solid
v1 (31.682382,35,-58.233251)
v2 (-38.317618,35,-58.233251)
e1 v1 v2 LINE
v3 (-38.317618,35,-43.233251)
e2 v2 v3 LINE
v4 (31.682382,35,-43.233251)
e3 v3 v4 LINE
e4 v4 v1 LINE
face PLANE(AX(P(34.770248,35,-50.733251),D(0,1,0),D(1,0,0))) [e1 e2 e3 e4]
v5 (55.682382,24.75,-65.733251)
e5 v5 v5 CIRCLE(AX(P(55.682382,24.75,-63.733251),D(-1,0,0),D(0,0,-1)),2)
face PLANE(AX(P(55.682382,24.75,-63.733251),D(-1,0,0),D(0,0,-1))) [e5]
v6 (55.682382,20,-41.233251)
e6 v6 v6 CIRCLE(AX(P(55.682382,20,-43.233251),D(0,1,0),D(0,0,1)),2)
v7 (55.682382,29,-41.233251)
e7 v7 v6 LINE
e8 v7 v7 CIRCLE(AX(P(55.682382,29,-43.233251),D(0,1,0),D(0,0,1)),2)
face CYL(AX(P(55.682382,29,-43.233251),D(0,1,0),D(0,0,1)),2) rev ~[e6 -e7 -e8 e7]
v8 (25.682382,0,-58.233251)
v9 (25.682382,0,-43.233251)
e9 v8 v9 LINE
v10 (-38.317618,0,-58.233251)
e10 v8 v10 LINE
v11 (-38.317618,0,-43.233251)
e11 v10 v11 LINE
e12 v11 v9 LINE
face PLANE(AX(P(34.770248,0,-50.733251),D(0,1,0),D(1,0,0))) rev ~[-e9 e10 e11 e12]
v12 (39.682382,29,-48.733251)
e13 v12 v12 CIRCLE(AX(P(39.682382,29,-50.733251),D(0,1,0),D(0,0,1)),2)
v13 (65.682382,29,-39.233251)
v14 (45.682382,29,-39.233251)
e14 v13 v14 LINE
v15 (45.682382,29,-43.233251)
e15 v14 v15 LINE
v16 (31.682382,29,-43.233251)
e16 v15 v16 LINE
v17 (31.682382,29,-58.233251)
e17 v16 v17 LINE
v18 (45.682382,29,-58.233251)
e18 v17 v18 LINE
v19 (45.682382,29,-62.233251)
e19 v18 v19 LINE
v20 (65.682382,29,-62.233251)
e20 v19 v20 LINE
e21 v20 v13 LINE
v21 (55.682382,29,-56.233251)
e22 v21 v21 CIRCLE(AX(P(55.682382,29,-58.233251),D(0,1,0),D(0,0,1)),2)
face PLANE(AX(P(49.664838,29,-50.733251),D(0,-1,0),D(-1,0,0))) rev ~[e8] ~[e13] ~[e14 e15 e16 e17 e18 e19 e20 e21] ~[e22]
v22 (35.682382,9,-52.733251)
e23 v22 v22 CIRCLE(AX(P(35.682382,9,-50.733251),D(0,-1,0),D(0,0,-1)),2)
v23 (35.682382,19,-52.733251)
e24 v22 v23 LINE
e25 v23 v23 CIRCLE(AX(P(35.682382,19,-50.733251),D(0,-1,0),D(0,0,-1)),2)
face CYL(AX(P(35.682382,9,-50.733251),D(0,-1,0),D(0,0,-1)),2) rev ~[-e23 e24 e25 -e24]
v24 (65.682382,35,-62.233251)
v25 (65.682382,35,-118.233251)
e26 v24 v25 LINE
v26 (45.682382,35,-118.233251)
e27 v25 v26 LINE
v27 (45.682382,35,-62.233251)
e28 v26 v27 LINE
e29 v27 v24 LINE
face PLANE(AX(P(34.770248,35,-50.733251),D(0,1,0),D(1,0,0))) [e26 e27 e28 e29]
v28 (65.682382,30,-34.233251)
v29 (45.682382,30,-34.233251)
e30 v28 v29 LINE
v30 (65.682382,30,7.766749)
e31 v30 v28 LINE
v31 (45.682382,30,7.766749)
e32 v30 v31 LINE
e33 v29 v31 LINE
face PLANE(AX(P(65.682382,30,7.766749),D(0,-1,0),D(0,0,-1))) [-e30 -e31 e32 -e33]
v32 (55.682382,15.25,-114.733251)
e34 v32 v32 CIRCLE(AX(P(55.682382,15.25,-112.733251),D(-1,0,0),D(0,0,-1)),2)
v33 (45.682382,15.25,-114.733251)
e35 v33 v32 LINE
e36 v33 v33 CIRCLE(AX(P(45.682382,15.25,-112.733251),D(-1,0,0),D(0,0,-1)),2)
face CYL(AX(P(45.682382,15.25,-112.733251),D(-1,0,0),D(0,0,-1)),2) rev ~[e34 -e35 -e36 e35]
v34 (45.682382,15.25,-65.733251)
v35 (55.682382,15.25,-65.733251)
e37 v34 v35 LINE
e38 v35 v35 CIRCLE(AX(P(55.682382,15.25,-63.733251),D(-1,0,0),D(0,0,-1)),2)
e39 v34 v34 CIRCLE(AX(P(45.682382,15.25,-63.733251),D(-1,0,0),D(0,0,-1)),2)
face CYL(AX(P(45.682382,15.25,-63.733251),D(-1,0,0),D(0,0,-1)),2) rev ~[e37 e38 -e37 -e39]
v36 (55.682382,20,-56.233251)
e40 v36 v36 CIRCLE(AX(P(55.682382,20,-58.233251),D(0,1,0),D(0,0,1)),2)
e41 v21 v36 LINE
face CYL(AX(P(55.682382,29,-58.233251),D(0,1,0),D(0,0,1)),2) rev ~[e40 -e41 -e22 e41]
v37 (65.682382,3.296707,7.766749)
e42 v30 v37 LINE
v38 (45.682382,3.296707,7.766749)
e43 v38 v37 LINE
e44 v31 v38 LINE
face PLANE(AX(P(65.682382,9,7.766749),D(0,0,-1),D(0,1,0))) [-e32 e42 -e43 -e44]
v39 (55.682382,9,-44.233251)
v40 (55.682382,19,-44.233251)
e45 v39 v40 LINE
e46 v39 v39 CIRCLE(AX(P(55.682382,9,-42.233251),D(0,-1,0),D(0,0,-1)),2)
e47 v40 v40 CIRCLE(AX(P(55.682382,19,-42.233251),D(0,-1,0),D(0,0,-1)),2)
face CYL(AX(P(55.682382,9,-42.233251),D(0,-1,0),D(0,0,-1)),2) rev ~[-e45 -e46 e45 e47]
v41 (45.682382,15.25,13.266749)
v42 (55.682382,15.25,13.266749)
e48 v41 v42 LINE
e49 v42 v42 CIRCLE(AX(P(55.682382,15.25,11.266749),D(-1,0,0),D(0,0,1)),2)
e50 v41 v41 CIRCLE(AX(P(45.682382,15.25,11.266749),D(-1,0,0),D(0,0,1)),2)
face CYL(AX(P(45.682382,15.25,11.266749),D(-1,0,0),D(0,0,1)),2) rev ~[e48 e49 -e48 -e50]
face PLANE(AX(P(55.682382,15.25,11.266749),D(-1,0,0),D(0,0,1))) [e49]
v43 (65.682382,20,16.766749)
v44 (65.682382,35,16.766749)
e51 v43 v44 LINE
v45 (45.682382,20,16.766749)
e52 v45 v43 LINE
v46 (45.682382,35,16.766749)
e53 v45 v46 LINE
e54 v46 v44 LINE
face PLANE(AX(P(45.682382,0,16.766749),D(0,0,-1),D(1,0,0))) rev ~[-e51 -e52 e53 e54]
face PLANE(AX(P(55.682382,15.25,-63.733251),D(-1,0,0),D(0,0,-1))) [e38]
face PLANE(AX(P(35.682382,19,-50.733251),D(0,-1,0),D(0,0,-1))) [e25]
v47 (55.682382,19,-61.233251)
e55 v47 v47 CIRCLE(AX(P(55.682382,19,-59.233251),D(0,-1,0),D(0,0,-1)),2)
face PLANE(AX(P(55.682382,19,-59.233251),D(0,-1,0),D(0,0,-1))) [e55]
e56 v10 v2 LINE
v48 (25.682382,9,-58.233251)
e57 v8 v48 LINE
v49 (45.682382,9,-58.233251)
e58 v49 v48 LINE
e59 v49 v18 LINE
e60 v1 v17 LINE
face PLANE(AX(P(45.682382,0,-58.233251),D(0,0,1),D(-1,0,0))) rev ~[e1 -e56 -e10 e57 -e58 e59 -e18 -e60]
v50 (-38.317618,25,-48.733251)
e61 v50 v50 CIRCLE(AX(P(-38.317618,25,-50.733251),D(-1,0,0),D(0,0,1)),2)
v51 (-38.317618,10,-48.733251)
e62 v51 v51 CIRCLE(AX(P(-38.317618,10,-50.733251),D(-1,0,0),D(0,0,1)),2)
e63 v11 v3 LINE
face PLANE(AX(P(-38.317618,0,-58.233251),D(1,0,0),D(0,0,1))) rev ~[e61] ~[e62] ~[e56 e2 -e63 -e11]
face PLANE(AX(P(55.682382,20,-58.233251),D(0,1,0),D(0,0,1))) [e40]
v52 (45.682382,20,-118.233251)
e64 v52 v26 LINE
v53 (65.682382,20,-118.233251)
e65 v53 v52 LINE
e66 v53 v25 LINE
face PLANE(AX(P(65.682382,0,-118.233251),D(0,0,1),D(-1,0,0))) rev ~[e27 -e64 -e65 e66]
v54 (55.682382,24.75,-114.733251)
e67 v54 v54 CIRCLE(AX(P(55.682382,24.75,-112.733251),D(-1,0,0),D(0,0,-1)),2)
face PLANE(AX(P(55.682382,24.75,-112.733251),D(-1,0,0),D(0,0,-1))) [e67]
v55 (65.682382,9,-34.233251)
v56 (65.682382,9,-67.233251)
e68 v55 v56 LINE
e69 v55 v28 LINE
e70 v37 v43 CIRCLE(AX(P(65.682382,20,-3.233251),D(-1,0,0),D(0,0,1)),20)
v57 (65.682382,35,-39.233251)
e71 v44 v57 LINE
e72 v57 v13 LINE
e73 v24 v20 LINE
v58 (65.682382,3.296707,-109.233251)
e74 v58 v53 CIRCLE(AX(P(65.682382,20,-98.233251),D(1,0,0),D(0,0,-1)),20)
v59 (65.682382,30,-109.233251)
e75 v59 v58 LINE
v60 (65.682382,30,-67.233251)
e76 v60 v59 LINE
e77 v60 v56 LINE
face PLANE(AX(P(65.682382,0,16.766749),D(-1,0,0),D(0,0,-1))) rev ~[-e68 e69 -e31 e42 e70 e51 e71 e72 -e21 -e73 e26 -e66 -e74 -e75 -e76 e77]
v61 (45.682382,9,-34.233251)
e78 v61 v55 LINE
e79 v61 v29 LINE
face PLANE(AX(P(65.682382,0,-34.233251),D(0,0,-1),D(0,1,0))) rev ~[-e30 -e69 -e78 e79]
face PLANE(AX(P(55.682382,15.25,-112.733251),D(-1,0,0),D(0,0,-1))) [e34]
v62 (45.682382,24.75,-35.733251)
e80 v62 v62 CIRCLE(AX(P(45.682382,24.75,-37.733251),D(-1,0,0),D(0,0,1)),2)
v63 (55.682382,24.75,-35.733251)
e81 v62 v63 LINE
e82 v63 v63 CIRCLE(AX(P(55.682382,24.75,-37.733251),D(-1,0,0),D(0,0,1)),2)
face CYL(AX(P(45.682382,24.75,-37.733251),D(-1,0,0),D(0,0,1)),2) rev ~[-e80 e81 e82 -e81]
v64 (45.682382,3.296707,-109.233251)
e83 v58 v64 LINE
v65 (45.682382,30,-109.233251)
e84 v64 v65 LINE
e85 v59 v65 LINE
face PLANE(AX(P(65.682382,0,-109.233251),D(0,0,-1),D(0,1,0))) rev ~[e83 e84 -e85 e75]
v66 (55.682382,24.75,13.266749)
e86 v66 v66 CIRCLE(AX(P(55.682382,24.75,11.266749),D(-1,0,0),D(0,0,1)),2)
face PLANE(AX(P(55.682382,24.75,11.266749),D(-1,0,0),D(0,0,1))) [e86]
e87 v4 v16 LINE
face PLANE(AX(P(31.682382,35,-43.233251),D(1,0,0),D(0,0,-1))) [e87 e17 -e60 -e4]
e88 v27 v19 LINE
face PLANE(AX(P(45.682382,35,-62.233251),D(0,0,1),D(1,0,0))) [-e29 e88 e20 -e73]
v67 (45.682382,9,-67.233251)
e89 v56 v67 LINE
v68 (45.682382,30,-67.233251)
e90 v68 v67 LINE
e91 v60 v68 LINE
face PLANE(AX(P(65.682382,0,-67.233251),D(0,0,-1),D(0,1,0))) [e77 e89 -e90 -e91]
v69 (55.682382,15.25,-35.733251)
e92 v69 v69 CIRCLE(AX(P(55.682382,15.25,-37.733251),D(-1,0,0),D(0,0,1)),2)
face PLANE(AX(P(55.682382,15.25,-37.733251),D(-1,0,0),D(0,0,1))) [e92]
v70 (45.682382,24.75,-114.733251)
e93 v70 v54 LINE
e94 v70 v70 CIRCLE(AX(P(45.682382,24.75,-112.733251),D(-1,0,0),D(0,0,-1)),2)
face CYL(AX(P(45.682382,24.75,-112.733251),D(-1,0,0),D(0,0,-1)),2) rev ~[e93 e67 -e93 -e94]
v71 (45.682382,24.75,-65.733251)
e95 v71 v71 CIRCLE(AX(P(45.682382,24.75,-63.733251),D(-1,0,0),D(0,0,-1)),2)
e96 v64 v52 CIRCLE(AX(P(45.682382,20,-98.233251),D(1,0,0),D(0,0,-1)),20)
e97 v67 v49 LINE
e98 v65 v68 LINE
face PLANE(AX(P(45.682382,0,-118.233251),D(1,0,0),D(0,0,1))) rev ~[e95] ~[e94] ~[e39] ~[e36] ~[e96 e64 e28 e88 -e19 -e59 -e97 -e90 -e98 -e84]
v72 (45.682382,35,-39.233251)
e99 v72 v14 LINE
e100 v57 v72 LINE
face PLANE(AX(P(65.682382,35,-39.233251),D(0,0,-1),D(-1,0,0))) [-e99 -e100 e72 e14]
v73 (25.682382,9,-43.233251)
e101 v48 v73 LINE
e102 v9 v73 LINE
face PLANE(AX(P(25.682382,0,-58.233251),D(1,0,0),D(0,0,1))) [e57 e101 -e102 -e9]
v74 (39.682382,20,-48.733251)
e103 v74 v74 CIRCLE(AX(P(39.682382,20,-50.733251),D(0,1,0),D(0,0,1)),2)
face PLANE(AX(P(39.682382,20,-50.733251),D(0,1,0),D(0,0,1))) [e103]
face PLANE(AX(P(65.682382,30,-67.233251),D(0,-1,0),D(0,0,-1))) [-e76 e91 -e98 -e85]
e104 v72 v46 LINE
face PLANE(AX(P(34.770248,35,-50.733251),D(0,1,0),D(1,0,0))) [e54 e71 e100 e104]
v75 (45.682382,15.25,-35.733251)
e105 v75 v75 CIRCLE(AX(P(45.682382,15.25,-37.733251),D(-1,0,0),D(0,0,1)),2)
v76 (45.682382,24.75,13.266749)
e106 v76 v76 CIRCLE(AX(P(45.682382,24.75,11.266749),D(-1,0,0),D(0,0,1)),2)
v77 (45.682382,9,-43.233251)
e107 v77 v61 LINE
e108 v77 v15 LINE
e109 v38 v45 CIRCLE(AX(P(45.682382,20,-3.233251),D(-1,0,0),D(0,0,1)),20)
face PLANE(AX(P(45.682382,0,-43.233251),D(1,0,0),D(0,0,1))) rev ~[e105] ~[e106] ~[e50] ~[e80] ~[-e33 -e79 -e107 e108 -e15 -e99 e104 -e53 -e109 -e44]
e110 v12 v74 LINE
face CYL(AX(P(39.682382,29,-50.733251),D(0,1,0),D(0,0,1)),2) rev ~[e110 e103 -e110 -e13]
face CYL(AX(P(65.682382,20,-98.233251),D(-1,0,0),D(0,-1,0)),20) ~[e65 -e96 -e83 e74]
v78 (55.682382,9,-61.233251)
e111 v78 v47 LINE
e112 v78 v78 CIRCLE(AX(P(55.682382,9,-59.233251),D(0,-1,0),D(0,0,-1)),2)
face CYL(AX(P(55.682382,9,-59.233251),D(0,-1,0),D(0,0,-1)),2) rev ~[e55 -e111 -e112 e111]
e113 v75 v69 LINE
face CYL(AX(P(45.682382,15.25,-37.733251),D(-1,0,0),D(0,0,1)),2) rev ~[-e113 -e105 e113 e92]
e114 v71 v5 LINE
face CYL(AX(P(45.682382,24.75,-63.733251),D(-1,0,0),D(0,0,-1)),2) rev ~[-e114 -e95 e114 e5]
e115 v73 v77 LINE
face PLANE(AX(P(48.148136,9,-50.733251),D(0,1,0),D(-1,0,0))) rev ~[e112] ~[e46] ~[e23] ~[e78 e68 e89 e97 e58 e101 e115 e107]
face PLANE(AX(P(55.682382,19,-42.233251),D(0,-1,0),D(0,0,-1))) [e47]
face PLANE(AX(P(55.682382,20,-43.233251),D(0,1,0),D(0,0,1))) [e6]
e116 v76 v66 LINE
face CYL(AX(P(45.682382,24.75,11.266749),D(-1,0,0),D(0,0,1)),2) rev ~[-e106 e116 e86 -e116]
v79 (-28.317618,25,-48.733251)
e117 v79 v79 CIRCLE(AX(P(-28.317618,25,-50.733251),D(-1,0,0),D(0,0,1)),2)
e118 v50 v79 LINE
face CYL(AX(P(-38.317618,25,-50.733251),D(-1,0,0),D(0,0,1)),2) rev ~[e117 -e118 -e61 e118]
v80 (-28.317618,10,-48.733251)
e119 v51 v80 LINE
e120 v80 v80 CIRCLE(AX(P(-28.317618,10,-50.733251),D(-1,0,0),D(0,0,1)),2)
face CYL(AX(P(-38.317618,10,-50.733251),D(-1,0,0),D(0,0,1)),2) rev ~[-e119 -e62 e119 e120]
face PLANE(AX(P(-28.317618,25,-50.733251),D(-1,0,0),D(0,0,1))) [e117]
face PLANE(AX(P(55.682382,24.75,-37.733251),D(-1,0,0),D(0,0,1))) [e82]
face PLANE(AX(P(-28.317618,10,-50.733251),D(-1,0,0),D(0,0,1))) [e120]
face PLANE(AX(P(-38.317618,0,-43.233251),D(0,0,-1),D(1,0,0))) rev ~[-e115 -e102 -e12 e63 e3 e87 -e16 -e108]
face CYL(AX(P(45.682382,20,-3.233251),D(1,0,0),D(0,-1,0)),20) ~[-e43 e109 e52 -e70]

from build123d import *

# Parameters (mm, degrees)
BOSS_EXTRUDE1_DEPTH = 35
CUT_EXTRUDE1_REACH  = 163.307
SKETCH2_W           = 42
SKETCH2_H           = 21
SKETCH3_R           = 2
CUT_EXTRUDE2_DEPTH  = 10
FILLET1_R           = 20
CUT_EXTRUDE5_REACH  = 163.307
SKETCH6_W           = 42
SKETCH6_H           = 9
SKETCH7_R           = 2
CUT_EXTRUDE6_DEPTH  = 10
CUT_EXTRUDE7_DEPTH  = 9
SKETCH9_R           = 2
CUT_EXTRUDE8_DEPTH  = 10
CUT_EXTRUDE9_DEPTH  = 6
SKETCH11_R          = 2
CUT_EXTRUDE10_DEPTH = 9


with BuildPart() as part:
    # Sketch1 → Boss-Extrude1 (new body)
    with BuildSketch(Plane(origin=(0, 0, 0), x_dir=(1, 0, 0), z_dir=(0, 1, 0))):
        Polygon((-38.317617866, 43.23325062), (45.682382134, 43.23325062), (45.682382134, -16.76674938), (65.682382134, -16.76674938), (65.682382134, 118.23325062), (45.682382134, 118.23325062), (45.682382134, 58.23325062), (-38.317617866, 58.23325062), align=None)
    extrude(amount=BOSS_EXTRUDE1_DEPTH)

    # Sketch2 → Cut-Extrude1 (cut, up to next)
    with BuildSketch(Plane(origin=(65.682382134, 0, 0), x_dir=(0, 0, -1), z_dir=(1, 0, 0)), mode=Mode.PRIVATE) as cut_extrude1_sk1:
        with Locations((13.23325062, 19.5)):
            Rectangle(SKETCH2_W, SKETCH2_H)
    cut_extrude1_tool1 = extrude(cut_extrude1_sk1.sketch, amount=-CUT_EXTRUDE1_REACH, mode=Mode.PRIVATE) & part.part
    # Sketch2 → Cut-Extrude1 (cut, up to next)
    with BuildSketch(Plane(origin=(65.682382134, 0, 0), x_dir=(0, 0, -1), z_dir=(1, 0, 0)), mode=Mode.PRIVATE) as cut_extrude1_sk2:
        with Locations((88.23325062, 19.5)):
            Rectangle(SKETCH2_W, SKETCH2_H)
    cut_extrude1_tool2 = extrude(cut_extrude1_sk2.sketch, amount=-CUT_EXTRUDE1_REACH, mode=Mode.PRIVATE) & part.part
    add(cut_extrude1_tool1.solids().sort_by_distance((65.682382, 19.5, -13.233251))[0], mode=Mode.SUBTRACT)
    add(cut_extrude1_tool2.solids().sort_by_distance((65.682382, 19.5, -88.233251))[0], mode=Mode.SUBTRACT)

    # Sketch3 → Cut-Extrude2 (cut)
    with BuildSketch(Plane.ZY.offset(-45.682382134)):
        with Locations((11.26674938, 24.75)):
            Circle(SKETCH3_R)
        with Locations((11.26674938, 15.25)):
            Circle(SKETCH3_R)
        with Locations((-37.73325062, 24.75)):
            Circle(SKETCH3_R)
        with Locations((-37.73325062, 15.25)):
            Circle(SKETCH3_R)
        with Locations(Location((-112.73325062, 24.75, 0), (0, 0, 180))):
            Circle(SKETCH3_R)
        with Locations(Location((-112.73325062, 15.25, 0), (0, 0, 180))):
            Circle(SKETCH3_R)
        with Locations(Location((-63.73325062, 15.25, 0), (0, 0, 180))):
            Circle(SKETCH3_R)
        with Locations(Location((-63.73325062, 24.75, 0), (0, 0, 180))):
            Circle(SKETCH3_R)
    extrude(amount=-CUT_EXTRUDE2_DEPTH, mode=Mode.SUBTRACT)

    # Fillet1
    fillet1_edges = [part.edges().sort_by_distance(p)[0] for p in [
        (55.682382134, 0, -118.23325062),
        (55.682382134, 0, 16.76674938),
    ]]
    fillet(fillet1_edges, radius=FILLET1_R)

    # Sketch6 → Cut-Extrude5 (cut, up to next)
    with BuildSketch(Plane(origin=(65.682382134, 0, 0), x_dir=(0, 0, -1), z_dir=(1, 0, 0)), mode=Mode.PRIVATE) as cut_extrude5_sk1:
        with Locations((13.23325062, 4.5)):
            Rectangle(SKETCH6_W, SKETCH6_H)
    cut_extrude5_tool1 = extrude(cut_extrude5_sk1.sketch, amount=-CUT_EXTRUDE5_REACH, mode=Mode.PRIVATE) & part.part
    # Sketch6 → Cut-Extrude5 (cut, up to next)
    with BuildSketch(Plane(origin=(65.682382134, 0, 0), x_dir=(0, 0, -1), z_dir=(1, 0, 0)), mode=Mode.PRIVATE) as cut_extrude5_sk2:
        with Locations((88.23325062, 4.5)):
            Rectangle(SKETCH6_W, SKETCH6_H)
    cut_extrude5_tool2 = extrude(cut_extrude5_sk2.sketch, amount=-CUT_EXTRUDE5_REACH, mode=Mode.PRIVATE) & part.part
    add(cut_extrude5_tool1.solids().sort_by_distance((65.682382, 4.5, -13.233251))[0], mode=Mode.SUBTRACT)
    add(cut_extrude5_tool2.solids().sort_by_distance((65.682382, 4.5, -88.233251))[0], mode=Mode.SUBTRACT)

    # Sketch7 → Cut-Extrude6 (cut)
    with BuildSketch(Plane.ZY.offset(38.317617866)):
        with Locations((-50.73325062, 25)):
            Circle(SKETCH7_R)
        with Locations((-50.73325062, 10)):
            Circle(SKETCH7_R)
    extrude(amount=-CUT_EXTRUDE6_DEPTH, mode=Mode.SUBTRACT)

    # Sketch8 → Cut-Extrude7 (cut)
    with BuildSketch(Plane.XZ):
        Polygon((45.682382134, -67.23325062), (45.682382134, -58.23325062), (25.682382134, -58.23325062), (25.682382134, -43.23325062), (45.682382134, -43.23325062), (45.682382134, -34.23325062), (65.682382134, -34.23325062), (65.682382134, -67.23325062), align=None)
    extrude(amount=-CUT_EXTRUDE7_DEPTH, mode=Mode.SUBTRACT)

    # Sketch9 → Cut-Extrude8 (cut)
    with BuildSketch(Plane.XZ.offset(-9)):
        with Locations(Location((55.682382134, -42.23325062, 0), (0, 0, 270))):
            Circle(SKETCH9_R)
        with Locations(Location((55.682382134, -59.23325062, 0), (0, 0, 270))):
            Circle(SKETCH9_R)
        with Locations(Location((35.682382134, -50.73325062, 0), (0, 0, 270))):
            Circle(SKETCH9_R)
    extrude(amount=-CUT_EXTRUDE8_DEPTH, mode=Mode.SUBTRACT)

    # Sketch10 → Cut-Extrude9 (cut)
    with BuildSketch(Plane(origin=(0, 35, 0), x_dir=(1, 0, 0), z_dir=(0, 1, 0))):
        Polygon((45.682382134, 62.23325062), (65.682382134, 62.23325062), (65.682382134, 39.23325062), (45.682382134, 39.23325062), (45.682382134, 43.23325062), (31.682382134, 43.23325062), (31.682382134, 58.23325062), (45.682382134, 58.23325062), align=None)
    extrude(amount=-CUT_EXTRUDE9_DEPTH, mode=Mode.SUBTRACT)

    # Sketch11 → Cut-Extrude10 (cut)
    with BuildSketch(Plane(origin=(0, 29, 0), x_dir=(1, 0, 0), z_dir=(0, 1, 0))):
        with Locations(Location((55.682382134, 58.23325062, 0), (0, 0, 270))):
            Circle(SKETCH11_R)
        with Locations(Location((55.682382134, 43.23325062, 0), (0, 0, 270))):
            Circle(SKETCH11_R)
        with Locations(Location((39.682382134, 50.73325062, 0), (0, 0, 270))):
            Circle(SKETCH11_R)
    extrude(amount=-CUT_EXTRUDE10_DEPTH, mode=Mode.SUBTRACT)


solid = part.part
